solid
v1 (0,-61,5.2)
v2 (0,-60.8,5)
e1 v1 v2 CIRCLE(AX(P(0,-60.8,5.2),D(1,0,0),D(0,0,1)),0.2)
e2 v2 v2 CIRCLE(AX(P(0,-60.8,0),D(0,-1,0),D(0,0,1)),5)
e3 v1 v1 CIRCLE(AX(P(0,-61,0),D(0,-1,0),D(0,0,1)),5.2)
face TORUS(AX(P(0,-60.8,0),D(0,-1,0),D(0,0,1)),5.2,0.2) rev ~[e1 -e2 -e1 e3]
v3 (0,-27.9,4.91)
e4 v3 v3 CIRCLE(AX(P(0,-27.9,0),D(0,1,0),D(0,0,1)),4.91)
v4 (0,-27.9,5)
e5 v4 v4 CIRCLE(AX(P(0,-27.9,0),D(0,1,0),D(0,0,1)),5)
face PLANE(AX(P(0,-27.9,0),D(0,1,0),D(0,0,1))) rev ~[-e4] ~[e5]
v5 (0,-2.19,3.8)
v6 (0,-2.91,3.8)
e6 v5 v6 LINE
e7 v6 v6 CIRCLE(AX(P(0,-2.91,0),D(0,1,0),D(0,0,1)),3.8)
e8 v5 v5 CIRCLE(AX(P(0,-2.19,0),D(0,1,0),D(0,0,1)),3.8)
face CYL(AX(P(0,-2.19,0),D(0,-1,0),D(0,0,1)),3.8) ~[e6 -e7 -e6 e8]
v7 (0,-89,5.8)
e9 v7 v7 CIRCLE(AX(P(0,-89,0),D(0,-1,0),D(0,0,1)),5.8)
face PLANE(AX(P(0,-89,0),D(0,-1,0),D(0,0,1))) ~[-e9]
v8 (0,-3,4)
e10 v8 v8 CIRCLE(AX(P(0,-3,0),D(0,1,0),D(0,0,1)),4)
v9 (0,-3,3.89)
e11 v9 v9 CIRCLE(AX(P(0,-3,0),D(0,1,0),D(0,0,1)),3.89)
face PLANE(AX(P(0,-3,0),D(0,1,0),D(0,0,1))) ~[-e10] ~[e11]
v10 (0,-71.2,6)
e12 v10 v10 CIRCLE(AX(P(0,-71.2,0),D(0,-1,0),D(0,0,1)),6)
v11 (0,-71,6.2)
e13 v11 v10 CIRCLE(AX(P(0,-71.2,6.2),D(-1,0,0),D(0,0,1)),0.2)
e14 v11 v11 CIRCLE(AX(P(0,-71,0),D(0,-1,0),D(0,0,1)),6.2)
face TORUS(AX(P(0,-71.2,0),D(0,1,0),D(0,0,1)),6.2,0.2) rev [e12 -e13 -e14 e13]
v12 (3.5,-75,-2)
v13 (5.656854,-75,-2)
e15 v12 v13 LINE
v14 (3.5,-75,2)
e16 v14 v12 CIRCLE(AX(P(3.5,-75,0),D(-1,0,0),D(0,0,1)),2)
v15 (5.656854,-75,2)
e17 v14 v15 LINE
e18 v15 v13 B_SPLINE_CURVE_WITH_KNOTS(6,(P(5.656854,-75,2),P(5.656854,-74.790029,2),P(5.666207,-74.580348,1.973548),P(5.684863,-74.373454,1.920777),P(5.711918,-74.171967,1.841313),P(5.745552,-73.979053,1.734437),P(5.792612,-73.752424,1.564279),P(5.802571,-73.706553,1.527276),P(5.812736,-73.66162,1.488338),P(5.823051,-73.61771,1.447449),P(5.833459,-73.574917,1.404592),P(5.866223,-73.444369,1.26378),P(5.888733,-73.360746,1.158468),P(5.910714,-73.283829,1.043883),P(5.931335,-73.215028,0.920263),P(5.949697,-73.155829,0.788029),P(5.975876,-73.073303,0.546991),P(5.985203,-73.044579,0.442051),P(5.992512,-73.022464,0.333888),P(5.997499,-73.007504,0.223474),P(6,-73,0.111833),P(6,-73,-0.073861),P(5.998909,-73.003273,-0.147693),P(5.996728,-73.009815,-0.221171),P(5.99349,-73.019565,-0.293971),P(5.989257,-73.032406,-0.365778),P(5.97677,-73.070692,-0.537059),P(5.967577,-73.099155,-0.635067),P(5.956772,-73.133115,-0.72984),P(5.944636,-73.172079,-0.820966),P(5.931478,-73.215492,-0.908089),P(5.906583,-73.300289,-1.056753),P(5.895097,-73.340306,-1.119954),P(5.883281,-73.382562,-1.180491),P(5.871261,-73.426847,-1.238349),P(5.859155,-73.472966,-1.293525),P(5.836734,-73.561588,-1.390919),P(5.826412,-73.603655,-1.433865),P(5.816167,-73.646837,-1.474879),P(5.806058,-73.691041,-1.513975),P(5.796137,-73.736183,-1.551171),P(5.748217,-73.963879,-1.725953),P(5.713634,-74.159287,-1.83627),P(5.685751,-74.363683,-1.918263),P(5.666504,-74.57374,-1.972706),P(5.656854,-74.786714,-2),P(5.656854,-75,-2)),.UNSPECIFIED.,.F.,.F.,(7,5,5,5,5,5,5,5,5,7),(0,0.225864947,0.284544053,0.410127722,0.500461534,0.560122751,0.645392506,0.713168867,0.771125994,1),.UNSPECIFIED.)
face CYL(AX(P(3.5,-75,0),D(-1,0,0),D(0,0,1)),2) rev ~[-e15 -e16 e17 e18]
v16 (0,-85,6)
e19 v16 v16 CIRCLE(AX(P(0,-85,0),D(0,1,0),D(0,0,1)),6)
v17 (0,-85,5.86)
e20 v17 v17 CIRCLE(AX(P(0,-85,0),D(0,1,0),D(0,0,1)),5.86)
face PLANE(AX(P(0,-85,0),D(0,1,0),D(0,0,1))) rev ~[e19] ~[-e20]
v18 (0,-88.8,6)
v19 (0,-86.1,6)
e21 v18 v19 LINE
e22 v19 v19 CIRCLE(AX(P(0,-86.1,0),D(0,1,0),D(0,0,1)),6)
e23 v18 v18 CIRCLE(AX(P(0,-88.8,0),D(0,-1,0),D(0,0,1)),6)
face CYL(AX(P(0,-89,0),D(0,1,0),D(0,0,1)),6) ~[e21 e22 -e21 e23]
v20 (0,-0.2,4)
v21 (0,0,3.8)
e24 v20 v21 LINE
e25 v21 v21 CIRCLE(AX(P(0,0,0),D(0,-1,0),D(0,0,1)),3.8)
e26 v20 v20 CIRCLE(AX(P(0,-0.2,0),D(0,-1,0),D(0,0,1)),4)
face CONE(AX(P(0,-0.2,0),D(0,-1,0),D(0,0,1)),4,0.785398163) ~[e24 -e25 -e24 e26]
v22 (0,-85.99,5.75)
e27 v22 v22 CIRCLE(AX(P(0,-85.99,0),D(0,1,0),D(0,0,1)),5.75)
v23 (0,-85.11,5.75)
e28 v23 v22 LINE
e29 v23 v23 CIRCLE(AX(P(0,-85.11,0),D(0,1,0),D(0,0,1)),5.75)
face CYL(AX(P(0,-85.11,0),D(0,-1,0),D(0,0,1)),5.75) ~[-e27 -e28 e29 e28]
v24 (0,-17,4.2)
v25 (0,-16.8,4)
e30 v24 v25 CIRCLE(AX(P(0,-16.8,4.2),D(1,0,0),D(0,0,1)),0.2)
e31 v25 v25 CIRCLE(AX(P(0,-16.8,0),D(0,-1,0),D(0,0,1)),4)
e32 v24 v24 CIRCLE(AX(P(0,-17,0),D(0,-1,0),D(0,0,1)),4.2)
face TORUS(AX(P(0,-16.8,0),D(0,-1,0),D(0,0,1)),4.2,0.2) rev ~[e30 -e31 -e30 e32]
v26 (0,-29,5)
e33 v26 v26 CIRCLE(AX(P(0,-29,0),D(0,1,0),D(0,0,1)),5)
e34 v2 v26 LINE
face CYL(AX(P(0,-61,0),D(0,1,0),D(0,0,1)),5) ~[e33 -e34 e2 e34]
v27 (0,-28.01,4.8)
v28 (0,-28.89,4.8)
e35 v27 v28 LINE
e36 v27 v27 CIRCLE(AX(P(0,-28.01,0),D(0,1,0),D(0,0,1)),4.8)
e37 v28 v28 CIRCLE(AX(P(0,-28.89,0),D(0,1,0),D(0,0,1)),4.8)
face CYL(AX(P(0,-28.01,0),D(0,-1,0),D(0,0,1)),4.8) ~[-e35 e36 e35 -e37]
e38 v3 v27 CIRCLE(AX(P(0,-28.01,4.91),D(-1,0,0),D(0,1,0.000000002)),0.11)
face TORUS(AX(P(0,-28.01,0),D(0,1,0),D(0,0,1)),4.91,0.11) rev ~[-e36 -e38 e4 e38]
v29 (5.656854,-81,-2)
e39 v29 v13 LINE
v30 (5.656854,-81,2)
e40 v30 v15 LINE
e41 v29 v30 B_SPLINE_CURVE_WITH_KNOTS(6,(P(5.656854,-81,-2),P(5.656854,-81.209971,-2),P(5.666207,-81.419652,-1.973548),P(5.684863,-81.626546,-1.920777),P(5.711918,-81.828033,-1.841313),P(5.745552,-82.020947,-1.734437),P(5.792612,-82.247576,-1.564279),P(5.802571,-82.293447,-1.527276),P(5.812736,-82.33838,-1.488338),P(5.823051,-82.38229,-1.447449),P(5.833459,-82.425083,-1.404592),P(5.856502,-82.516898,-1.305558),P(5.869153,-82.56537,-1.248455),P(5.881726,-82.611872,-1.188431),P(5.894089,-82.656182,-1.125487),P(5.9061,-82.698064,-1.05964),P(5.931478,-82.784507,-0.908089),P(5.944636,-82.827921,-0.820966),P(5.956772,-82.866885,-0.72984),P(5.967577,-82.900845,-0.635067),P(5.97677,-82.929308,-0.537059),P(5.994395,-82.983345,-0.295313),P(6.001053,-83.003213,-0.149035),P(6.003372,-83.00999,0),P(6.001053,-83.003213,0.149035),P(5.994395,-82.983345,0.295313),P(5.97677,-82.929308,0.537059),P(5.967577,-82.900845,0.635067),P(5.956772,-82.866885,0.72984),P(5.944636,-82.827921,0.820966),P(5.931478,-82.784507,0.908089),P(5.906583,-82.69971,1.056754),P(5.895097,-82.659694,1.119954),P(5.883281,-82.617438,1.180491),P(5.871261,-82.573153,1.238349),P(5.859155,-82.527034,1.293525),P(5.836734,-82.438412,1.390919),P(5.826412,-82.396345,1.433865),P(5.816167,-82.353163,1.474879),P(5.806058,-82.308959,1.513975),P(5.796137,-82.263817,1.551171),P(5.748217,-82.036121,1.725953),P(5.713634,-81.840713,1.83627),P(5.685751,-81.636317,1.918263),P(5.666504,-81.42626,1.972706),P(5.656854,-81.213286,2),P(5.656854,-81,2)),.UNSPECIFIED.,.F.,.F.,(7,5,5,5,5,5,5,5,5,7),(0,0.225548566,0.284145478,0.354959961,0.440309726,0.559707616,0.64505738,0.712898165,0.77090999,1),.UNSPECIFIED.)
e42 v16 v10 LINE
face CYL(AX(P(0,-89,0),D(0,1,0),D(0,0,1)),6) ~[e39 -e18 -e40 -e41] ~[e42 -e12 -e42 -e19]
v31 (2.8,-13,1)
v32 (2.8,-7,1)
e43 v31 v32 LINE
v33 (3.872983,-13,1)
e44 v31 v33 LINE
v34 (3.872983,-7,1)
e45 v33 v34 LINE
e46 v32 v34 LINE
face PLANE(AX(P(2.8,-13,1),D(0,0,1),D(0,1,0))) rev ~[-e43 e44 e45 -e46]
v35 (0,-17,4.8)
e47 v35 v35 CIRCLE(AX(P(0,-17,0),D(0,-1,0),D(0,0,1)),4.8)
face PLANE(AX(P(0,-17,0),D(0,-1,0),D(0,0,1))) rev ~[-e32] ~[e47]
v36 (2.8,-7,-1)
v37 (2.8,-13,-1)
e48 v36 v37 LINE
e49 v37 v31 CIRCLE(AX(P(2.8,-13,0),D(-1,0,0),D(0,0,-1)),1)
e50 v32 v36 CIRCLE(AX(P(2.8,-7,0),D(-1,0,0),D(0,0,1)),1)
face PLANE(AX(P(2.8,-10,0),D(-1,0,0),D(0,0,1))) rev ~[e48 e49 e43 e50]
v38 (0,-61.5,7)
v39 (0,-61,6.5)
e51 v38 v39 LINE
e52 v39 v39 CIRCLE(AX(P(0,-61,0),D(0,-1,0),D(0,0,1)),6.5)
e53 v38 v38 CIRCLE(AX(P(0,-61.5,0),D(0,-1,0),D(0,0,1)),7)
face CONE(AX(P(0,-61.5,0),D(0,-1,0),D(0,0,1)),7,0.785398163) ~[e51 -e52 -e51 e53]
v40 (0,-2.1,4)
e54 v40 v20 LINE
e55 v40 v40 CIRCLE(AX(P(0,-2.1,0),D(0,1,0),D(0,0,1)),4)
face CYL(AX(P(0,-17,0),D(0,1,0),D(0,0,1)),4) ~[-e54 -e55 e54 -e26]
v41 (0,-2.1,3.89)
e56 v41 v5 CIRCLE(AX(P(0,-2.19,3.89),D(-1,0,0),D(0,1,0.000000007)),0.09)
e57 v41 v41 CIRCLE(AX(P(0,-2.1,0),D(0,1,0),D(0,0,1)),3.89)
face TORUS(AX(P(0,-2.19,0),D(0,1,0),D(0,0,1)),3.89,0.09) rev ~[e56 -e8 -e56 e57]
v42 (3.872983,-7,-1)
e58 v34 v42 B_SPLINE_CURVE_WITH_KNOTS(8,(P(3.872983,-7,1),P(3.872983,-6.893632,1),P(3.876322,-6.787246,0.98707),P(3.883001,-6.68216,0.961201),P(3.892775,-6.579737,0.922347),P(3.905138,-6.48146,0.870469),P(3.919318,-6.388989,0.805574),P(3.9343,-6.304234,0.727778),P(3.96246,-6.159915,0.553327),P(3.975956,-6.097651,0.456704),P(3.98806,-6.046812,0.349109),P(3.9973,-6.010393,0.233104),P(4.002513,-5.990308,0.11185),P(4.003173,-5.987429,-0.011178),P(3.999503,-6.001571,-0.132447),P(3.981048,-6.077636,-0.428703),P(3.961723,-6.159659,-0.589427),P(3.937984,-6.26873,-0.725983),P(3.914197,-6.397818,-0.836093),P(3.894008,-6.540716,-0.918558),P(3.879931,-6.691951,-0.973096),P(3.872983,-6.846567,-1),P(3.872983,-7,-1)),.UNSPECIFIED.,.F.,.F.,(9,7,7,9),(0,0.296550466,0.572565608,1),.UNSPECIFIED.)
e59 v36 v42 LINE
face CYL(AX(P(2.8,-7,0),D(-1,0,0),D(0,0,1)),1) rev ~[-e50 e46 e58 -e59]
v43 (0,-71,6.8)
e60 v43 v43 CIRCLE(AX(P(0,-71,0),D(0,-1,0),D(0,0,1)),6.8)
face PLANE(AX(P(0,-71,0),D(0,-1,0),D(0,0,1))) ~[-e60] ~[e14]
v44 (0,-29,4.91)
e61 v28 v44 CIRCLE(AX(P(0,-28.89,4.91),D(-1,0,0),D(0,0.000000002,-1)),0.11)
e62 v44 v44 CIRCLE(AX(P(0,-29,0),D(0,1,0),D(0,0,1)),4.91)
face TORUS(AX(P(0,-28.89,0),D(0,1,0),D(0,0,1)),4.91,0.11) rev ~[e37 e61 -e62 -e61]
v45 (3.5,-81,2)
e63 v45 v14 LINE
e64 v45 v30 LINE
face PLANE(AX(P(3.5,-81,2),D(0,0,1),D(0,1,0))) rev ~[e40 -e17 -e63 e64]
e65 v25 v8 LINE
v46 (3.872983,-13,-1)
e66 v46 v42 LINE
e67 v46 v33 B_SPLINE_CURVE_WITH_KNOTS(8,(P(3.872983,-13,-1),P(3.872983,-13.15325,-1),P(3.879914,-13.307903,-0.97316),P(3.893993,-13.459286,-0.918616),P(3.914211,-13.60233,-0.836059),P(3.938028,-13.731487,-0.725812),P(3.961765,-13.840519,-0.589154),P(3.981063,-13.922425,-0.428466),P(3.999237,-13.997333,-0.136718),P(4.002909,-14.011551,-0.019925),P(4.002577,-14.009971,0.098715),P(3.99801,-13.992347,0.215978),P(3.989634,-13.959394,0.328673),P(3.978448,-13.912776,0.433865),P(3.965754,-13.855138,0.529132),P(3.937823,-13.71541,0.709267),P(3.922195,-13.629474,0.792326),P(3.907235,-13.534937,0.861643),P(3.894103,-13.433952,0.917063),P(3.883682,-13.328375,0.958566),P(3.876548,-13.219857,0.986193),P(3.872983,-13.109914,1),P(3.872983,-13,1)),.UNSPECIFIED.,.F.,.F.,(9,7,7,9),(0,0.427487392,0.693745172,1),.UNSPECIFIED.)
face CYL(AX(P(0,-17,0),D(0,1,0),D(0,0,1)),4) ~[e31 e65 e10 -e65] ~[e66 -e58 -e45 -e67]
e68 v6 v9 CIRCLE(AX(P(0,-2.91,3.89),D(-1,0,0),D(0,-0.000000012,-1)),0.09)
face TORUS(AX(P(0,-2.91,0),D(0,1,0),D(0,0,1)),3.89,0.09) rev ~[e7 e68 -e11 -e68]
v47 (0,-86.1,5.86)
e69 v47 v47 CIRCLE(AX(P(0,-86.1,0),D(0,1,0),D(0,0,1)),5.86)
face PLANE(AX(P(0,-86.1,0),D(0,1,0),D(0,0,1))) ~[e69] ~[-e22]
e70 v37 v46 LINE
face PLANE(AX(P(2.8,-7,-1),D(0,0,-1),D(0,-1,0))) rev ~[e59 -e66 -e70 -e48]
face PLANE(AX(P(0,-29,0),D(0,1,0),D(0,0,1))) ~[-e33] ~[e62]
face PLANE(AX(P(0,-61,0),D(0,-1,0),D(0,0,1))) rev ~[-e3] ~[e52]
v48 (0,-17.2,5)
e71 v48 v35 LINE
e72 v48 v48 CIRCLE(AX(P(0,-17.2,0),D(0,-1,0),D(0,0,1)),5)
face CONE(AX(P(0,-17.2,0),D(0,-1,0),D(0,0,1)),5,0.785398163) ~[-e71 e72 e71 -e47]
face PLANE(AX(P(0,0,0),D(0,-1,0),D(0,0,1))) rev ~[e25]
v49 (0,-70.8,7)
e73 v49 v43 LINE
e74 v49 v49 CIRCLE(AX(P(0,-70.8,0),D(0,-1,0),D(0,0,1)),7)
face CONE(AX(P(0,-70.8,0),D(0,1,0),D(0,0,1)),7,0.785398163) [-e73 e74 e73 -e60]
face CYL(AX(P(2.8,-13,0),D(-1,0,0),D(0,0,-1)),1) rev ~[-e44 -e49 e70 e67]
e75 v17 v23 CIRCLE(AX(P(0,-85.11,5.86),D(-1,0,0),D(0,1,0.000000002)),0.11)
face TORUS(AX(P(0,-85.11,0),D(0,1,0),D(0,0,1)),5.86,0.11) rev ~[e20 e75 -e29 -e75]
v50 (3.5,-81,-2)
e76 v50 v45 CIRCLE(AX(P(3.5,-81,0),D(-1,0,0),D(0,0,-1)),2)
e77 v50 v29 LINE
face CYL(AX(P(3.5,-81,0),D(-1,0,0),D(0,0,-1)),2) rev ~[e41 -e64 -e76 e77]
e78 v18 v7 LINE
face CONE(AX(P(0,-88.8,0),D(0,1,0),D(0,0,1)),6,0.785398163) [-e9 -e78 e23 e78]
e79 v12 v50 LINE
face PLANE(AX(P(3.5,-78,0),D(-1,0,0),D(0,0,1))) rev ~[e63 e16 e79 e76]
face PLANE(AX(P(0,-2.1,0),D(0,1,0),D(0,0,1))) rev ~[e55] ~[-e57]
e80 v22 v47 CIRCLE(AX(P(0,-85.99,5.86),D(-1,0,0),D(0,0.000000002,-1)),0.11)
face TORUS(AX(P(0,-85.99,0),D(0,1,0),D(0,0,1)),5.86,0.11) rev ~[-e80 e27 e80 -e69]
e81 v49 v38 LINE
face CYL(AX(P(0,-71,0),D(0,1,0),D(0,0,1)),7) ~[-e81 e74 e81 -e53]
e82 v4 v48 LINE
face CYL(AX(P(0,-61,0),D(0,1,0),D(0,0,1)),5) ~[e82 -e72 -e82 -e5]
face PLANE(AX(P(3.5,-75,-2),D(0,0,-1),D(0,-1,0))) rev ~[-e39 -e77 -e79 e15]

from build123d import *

# Parameters (mm, degrees)
CHAMFER1_SIZE      = 0.5
CHAMFER2_SIZE      = 0.2
FILLET1_R          = 0.2
CUT_EXTRUDE1_DEPTH = 90.890210813
CUT_EXTRUDE2_DEPTH = 90.811135167


with BuildPart() as part:
    # Sketch1 → Revolve1 (revolve)
    with BuildSketch(Plane(origin=(0, 0, 0), x_dir=(0, 0, -1), z_dir=(1, 0, 0)), mode=Mode.PRIVATE) as revolve1_sk:
        Polygon((0, 0), (0, -89), (6, -89), (6, -71), (7, -71), (7, -61), (5, -61), (5, -17), (4, -17), (4, 0), align=None)
    revolve(revolve1_sk.sketch.rotate(Axis((0, 27.897765143, 0), (0, -1, 0)), 180), axis=Axis((0, 27.897765143, 0), (0, -1, 0)))

    # Sketch9 → Groove for BS 3673 P4 - S012M_ External (revolve, cut)
    with BuildSketch(Plane(origin=(0, 27.897765143, 0), x_dir=(0, 0, 1), z_dir=(-1, 0, 0))):
        with BuildLine():
            Line((5.86, -113.997765143), (7.2, -113.997765143))
            Line((7.2, -113.997765143), (7.2, -112.897765143))
            Line((7.2, -112.897765143), (5.86, -112.897765143))
            ThreePointArc((5.86, -112.897765143), (5.782218254, -112.929983397), (5.75, -113.007765143))
            Line((5.75, -113.007765143), (5.75, -113.887765143))
            ThreePointArc((5.75, -113.887765143), (5.782218254, -113.965546889), (5.86, -113.997765143))
        make_face()
    revolve(axis=Axis((0, -22.102234857, 0), (0, 1, 0)), mode=Mode.SUBTRACT)

    # Sketch11 → Groove for BS 3673 P4 - S010M_ External (revolve, cut)
    with BuildSketch(Plane(origin=(0, 27.897765143, 0), x_dir=(0, 0, 1), z_dir=(-1, 0, 0))):
        with BuildLine():
            Line((4.91, -56.897765143), (6, -56.897765143))
            Line((6, -56.897765143), (6, -55.797765143))
            Line((6, -55.797765143), (4.91, -55.797765143))
            ThreePointArc((4.91, -55.797765143), (4.832218254, -55.829983397), (4.8, -55.907765143))
            Line((4.8, -55.907765143), (4.8, -56.787765143))
            ThreePointArc((4.8, -56.787765143), (4.832218254, -56.865546889), (4.91, -56.897765143))
        make_face()
    revolve(axis=Axis((0, -22.102234857, 0), (0, 1, 0)), mode=Mode.SUBTRACT)

    # Sketch13 → Groove for BS 3673 P4 - S008M, External Circlip1 (revolve, cut)
    with BuildSketch(Plane(origin=(0, 27.897765143, 0), x_dir=(0, 0, 1), z_dir=(-1, 0, 0))):
        with BuildLine():
            Line((3.89, -30.897765143), (4.8, -30.897765143))
            Line((4.8, -30.897765143), (4.8, -29.997765143))
            Line((4.8, -29.997765143), (3.89, -29.997765143))
            ThreePointArc((3.89, -29.997765143), (3.82636039, -30.024125532), (3.8, -30.087765143))
            Line((3.8, -30.087765143), (3.8, -30.807765143))
            ThreePointArc((3.8, -30.807765143), (3.82636039, -30.871404753), (3.89, -30.897765143))
        make_face()
    revolve(axis=Axis((0, -22.102234857, 0), (0, 1, 0)), mode=Mode.SUBTRACT)

    # Chamfer1
    chamfer1_edges = [part.edges().sort_by_distance(p)[0] for p in [
        (0, -61, -7),
    ]]
    chamfer(chamfer1_edges, length=CHAMFER1_SIZE)

    # Chamfer2
    chamfer2_edges = [part.edges().sort_by_distance(p)[0] for p in [
        (0, -71, -7),
        (0, -89, -6),
        (0, 0, -4),
        (0, -17, -5),
    ]]
    chamfer(chamfer2_edges, length=CHAMFER2_SIZE)

    # Fillet1
    fillet1_edges = [part.edges().sort_by_distance(p)[0] for p in [
        (0, -71, -6),
        (0, -17, -4),
        (0, -61, -5),
    ]]
    fillet(fillet1_edges, radius=FILLET1_R)

    # Sketch14 → Cut-Extrude1 (cut, through all)
    with BuildSketch(Plane(origin=(3.5, 0, 0), x_dir=(0, 0, -1), z_dir=(1, 0, 0))):
        with BuildLine():
            Line((-2, -81), (-2, -75))
            ThreePointArc((-2, -75), (0, -73), (2, -75))
            Line((2, -75), (2, -81))
            ThreePointArc((2, -81), (0, -83), (-2, -81))
        make_face()
    extrude(amount=CUT_EXTRUDE1_DEPTH, mode=Mode.SUBTRACT)

    # Sketch15 → Cut-Extrude2 (cut, through all)
    with BuildSketch(Plane(origin=(2.8, 0, 0), x_dir=(0, 0, -1), z_dir=(1, 0, 0))):
        with BuildLine():
            Line((-1, -13), (-1, -7))
            ThreePointArc((-1, -7), (0, -6), (1, -7))
            Line((1, -7), (1, -13))
            ThreePointArc((1, -13), (0, -14), (-1, -13))
        make_face()
    extrude(amount=CUT_EXTRUDE2_DEPTH, mode=Mode.SUBTRACT)


solid = part.part
